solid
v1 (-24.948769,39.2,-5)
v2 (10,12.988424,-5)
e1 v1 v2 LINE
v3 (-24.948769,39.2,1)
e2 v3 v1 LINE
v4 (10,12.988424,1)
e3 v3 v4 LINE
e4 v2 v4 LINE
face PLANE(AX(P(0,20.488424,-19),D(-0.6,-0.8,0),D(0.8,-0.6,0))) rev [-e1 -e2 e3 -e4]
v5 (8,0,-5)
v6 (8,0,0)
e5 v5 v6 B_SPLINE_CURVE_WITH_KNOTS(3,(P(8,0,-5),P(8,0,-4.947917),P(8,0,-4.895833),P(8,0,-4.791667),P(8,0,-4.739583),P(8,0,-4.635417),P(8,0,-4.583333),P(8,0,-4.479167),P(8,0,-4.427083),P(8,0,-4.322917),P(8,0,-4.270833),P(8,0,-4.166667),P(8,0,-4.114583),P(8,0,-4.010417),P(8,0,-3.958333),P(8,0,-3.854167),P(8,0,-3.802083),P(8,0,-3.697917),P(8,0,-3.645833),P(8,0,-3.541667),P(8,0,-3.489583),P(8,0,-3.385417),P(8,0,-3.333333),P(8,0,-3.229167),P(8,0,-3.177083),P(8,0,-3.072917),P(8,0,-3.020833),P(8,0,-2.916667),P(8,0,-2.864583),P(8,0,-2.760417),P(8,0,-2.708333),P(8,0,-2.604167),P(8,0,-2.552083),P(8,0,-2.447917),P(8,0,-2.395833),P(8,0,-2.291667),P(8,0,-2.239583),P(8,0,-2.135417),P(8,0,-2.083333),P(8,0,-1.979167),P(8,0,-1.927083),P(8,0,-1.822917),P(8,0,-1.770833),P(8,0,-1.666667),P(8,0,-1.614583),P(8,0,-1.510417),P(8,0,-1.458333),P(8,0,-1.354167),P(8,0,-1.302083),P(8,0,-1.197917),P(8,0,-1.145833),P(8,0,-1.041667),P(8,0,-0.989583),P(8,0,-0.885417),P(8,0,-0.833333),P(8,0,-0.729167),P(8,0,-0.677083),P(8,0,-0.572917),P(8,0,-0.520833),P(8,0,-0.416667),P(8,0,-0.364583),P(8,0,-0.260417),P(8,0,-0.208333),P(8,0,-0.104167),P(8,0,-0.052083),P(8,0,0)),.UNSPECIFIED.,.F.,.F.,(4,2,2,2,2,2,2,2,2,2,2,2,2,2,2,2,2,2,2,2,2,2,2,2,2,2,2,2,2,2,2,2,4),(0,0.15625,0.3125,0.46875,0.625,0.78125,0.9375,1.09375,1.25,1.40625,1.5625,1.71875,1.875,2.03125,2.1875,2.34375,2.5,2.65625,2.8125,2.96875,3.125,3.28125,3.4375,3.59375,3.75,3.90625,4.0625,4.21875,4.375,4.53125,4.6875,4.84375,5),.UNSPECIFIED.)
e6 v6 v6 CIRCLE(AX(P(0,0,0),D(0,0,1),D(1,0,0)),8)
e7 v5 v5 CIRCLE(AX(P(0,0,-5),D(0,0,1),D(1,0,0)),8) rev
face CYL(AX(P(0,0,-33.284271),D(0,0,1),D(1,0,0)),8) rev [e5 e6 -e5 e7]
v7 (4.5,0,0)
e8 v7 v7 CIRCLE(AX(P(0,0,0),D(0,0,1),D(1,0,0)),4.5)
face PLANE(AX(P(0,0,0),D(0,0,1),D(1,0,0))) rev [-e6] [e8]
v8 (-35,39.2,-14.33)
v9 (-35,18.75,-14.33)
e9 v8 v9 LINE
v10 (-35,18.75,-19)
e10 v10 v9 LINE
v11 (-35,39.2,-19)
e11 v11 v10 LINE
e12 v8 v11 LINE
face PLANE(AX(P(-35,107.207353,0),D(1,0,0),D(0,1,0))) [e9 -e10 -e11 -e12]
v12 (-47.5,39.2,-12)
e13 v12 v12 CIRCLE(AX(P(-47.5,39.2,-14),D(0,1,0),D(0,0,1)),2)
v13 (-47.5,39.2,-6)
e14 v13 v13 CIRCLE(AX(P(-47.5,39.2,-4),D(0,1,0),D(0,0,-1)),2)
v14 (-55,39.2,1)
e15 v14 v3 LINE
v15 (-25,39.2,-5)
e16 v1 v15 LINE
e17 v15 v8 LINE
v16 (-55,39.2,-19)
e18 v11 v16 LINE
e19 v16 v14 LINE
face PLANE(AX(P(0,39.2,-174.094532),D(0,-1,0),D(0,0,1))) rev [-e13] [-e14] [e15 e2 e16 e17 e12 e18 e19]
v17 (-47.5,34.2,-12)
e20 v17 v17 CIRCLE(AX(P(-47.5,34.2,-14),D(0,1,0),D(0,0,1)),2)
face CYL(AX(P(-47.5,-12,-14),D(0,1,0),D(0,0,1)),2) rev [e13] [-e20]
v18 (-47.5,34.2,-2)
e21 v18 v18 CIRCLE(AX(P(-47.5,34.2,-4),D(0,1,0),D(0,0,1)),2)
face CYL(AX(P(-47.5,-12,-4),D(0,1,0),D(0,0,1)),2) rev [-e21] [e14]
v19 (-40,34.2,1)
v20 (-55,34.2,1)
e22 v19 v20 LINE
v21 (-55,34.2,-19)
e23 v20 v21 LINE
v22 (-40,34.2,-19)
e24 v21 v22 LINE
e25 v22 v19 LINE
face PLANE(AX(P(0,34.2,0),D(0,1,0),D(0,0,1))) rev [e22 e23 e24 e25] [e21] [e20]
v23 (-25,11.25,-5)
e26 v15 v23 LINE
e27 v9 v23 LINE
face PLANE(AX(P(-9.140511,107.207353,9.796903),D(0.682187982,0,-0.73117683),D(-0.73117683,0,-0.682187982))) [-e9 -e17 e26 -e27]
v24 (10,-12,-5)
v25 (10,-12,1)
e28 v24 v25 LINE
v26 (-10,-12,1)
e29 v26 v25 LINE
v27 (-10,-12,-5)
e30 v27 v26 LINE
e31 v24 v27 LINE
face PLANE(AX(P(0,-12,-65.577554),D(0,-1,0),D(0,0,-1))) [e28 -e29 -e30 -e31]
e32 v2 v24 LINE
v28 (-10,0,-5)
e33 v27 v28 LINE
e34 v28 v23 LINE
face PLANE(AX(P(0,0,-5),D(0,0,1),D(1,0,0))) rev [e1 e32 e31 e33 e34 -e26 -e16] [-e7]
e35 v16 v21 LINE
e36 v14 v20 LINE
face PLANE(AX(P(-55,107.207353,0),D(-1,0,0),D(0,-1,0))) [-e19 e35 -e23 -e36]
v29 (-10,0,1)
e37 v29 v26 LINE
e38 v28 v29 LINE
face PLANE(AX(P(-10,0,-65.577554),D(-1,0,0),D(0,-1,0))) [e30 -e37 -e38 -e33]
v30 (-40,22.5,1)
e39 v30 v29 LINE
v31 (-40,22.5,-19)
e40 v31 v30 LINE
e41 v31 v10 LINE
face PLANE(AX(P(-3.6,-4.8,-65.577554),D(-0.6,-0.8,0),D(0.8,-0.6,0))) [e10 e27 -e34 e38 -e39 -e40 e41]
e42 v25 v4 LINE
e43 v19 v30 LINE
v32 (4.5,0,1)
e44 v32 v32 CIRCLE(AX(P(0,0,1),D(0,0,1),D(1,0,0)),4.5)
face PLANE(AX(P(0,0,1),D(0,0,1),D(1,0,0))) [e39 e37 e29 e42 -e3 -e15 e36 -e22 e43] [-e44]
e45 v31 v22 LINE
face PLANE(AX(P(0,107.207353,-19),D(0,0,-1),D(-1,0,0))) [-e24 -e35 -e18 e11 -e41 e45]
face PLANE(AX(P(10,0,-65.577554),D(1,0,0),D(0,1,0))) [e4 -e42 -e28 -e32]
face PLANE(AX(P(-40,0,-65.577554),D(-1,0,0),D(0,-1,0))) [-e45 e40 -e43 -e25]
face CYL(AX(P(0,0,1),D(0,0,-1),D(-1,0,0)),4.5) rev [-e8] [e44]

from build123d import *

# Parameters (mm, degrees)
SKETCH1_R               = 10
SKETCH1_R_2             = 8
SKETCH1_R_3             = 4.5
BOSS_EXTRUDE1_DEPTH     = 1
BOSS_EXTRUDE2_START     = -5
SKETCH1_4_R             = 10
SKETCH1_4_R_2           = 8
BOSS_EXTRUDE2_DEPTH     = 5
BOSS_EXTRUDE3_START     = -6
BOSS_EXTRUDE3_DEPTH     = 6
BOSS_EXTRUDE4_DEPTH     = 5
BOSS_EXTRUDE5_REACH     = 76.3
SKETCH4_R               = 2
CUT_EXTRUDE1_DEPTH      = 78.507677039
CUT_EXTRUDE2_DEPTH      = 71.438909702
CUT_EXTRUDE2_DEPTH_BACK = 71.438909702


with BuildPart() as part:
    # Sketch1 → Boss-Extrude1 (new body)
    # profile 1 of 2: a face of its own
    with BuildSketch(Plane.XY):
        Circle(SKETCH1_R)
        Circle(SKETCH1_R_2, mode=Mode.SUBTRACT)
    # profile 2 of 2: a face of its own
    with BuildSketch(Plane.XY):
        Circle(SKETCH1_R_2)
        Circle(SKETCH1_R_3, mode=Mode.SUBTRACT)
    extrude(amount=BOSS_EXTRUDE1_DEPTH)

    # Sketch1<4> → Boss-Extrude2 (add)
    with BuildSketch(Plane.XY.offset(BOSS_EXTRUDE2_START)):
        Circle(SKETCH1_4_R)
        Circle(SKETCH1_4_R_2, mode=Mode.SUBTRACT)
    extrude(amount=BOSS_EXTRUDE2_DEPTH)

    # Sketch2 → Boss-Extrude3 (add)
    with BuildSketch(Plane.XY.offset(1).offset(BOSS_EXTRUDE3_START)):
        with BuildLine():
            Line((-40, 34.2), (-40, 22.5))
            Line((-40, 22.5), (-10, 0))
            ThreePointArc((-10, 0), (0, 10), (10, 0))
            Line((10, 0), (10, 34.2))
            Line((10, 34.2), (-40, 34.2))
        make_face()
        with BuildLine():
            ThreePointArc((10, 0), (0, -10), (-10, 0))
            Line((-10, 0), (-10, -12))
            Line((-10, -12), (10, -12))
            Line((10, -12), (10, 0))
        make_face()
    extrude(amount=BOSS_EXTRUDE3_DEPTH)

    # Sketch3 → Boss-Extrude4 (add)
    with BuildSketch(Plane(origin=(0, 34.2, 0), x_dir=(1, 0, 0), z_dir=(0, 1, 0))):
        Polygon((-55, -1), (-40, -1), (-40, 5), (-40, 19), (-55, 19), align=None)
        Polygon((-40, 19), (-40, 5), (-35, 5), (-35, 14.33), (-35, 19), align=None)
        Polygon((-35, 14.33), (-35, 5), (-25, 5), align=None)
        Polygon((-40, 5), (-40, -1), (10, -1), (10, 5), (-25, 5), (-35, 5), align=None)
    extrude(amount=BOSS_EXTRUDE4_DEPTH)

    # Boss-Extrude5: up to this plane
    boss_extrude5_end = Plane(origin=(-3.6, -4.8, -65.577553599), z_dir=(-0.6000000000000177, -0.7999999999999867, 0))
    # Sketch3<4> → Boss-Extrude5 (add, up to the surface)
    with BuildSketch(Plane(origin=(0, 34.2, 0), x_dir=(1, 0, 0), z_dir=(0, 1, 0)), mode=Mode.PRIVATE) as boss_extrude5_sk1:
        Polygon((-40, 19), (-40, 5), (-35, 5), (-35, 14.33), (-35, 19), align=None)
    boss_extrude5_tool1 = split(extrude(boss_extrude5_sk1.sketch, amount=-BOSS_EXTRUDE5_REACH, mode=Mode.PRIVATE), bisect_by=boss_extrude5_end, keep=Keep.BOTH, mode=Mode.PRIVATE)
    add(boss_extrude5_tool1.solids().sort_by_distance((-37.5, 34.2, -12))[0])
    # Sketch3<4> → Boss-Extrude5 (add, up to the surface)
    with BuildSketch(Plane(origin=(0, 34.2, 0), x_dir=(1, 0, 0), z_dir=(0, 1, 0)), mode=Mode.PRIVATE) as boss_extrude5_sk2:
        Polygon((-35, 14.33), (-35, 5), (-25, 5), align=None)
    boss_extrude5_tool2 = split(extrude(boss_extrude5_sk2.sketch, amount=-BOSS_EXTRUDE5_REACH, mode=Mode.PRIVATE), bisect_by=boss_extrude5_end, keep=Keep.BOTH, mode=Mode.PRIVATE)
    add(boss_extrude5_tool2.solids().sort_by_distance((-31.666667, 34.2, -8.11))[0])

    # Sketch4 → Cut-Extrude1 (cut, through all)
    with BuildSketch(Plane(origin=(0, 39.2, 0), x_dir=(1, 0, 0), z_dir=(0, 1, 0))):
        with Locations(Location((-47.5, 14, 0), (0, 0, 270))):
            Circle(SKETCH4_R)
        with Locations(Location((-47.5, 4, 0), (0, 0, 270))):
            Circle(SKETCH4_R)
    extrude(amount=-CUT_EXTRUDE1_DEPTH, mode=Mode.SUBTRACT)

    # Sketch5 → Cut-Extrude2 (cut, two sides: drawn at the far end of the back side and taken through both)
    with BuildSketch(Plane.XY.offset(1).offset(-CUT_EXTRUDE2_DEPTH_BACK)):
        Polygon((0, 20.48842356), (-24.948768587, 39.2), (10, 39.2), (10, 12.98842356), align=None)
    extrude(amount=CUT_EXTRUDE2_DEPTH + CUT_EXTRUDE2_DEPTH_BACK, mode=Mode.SUBTRACT)


solid = part.part
